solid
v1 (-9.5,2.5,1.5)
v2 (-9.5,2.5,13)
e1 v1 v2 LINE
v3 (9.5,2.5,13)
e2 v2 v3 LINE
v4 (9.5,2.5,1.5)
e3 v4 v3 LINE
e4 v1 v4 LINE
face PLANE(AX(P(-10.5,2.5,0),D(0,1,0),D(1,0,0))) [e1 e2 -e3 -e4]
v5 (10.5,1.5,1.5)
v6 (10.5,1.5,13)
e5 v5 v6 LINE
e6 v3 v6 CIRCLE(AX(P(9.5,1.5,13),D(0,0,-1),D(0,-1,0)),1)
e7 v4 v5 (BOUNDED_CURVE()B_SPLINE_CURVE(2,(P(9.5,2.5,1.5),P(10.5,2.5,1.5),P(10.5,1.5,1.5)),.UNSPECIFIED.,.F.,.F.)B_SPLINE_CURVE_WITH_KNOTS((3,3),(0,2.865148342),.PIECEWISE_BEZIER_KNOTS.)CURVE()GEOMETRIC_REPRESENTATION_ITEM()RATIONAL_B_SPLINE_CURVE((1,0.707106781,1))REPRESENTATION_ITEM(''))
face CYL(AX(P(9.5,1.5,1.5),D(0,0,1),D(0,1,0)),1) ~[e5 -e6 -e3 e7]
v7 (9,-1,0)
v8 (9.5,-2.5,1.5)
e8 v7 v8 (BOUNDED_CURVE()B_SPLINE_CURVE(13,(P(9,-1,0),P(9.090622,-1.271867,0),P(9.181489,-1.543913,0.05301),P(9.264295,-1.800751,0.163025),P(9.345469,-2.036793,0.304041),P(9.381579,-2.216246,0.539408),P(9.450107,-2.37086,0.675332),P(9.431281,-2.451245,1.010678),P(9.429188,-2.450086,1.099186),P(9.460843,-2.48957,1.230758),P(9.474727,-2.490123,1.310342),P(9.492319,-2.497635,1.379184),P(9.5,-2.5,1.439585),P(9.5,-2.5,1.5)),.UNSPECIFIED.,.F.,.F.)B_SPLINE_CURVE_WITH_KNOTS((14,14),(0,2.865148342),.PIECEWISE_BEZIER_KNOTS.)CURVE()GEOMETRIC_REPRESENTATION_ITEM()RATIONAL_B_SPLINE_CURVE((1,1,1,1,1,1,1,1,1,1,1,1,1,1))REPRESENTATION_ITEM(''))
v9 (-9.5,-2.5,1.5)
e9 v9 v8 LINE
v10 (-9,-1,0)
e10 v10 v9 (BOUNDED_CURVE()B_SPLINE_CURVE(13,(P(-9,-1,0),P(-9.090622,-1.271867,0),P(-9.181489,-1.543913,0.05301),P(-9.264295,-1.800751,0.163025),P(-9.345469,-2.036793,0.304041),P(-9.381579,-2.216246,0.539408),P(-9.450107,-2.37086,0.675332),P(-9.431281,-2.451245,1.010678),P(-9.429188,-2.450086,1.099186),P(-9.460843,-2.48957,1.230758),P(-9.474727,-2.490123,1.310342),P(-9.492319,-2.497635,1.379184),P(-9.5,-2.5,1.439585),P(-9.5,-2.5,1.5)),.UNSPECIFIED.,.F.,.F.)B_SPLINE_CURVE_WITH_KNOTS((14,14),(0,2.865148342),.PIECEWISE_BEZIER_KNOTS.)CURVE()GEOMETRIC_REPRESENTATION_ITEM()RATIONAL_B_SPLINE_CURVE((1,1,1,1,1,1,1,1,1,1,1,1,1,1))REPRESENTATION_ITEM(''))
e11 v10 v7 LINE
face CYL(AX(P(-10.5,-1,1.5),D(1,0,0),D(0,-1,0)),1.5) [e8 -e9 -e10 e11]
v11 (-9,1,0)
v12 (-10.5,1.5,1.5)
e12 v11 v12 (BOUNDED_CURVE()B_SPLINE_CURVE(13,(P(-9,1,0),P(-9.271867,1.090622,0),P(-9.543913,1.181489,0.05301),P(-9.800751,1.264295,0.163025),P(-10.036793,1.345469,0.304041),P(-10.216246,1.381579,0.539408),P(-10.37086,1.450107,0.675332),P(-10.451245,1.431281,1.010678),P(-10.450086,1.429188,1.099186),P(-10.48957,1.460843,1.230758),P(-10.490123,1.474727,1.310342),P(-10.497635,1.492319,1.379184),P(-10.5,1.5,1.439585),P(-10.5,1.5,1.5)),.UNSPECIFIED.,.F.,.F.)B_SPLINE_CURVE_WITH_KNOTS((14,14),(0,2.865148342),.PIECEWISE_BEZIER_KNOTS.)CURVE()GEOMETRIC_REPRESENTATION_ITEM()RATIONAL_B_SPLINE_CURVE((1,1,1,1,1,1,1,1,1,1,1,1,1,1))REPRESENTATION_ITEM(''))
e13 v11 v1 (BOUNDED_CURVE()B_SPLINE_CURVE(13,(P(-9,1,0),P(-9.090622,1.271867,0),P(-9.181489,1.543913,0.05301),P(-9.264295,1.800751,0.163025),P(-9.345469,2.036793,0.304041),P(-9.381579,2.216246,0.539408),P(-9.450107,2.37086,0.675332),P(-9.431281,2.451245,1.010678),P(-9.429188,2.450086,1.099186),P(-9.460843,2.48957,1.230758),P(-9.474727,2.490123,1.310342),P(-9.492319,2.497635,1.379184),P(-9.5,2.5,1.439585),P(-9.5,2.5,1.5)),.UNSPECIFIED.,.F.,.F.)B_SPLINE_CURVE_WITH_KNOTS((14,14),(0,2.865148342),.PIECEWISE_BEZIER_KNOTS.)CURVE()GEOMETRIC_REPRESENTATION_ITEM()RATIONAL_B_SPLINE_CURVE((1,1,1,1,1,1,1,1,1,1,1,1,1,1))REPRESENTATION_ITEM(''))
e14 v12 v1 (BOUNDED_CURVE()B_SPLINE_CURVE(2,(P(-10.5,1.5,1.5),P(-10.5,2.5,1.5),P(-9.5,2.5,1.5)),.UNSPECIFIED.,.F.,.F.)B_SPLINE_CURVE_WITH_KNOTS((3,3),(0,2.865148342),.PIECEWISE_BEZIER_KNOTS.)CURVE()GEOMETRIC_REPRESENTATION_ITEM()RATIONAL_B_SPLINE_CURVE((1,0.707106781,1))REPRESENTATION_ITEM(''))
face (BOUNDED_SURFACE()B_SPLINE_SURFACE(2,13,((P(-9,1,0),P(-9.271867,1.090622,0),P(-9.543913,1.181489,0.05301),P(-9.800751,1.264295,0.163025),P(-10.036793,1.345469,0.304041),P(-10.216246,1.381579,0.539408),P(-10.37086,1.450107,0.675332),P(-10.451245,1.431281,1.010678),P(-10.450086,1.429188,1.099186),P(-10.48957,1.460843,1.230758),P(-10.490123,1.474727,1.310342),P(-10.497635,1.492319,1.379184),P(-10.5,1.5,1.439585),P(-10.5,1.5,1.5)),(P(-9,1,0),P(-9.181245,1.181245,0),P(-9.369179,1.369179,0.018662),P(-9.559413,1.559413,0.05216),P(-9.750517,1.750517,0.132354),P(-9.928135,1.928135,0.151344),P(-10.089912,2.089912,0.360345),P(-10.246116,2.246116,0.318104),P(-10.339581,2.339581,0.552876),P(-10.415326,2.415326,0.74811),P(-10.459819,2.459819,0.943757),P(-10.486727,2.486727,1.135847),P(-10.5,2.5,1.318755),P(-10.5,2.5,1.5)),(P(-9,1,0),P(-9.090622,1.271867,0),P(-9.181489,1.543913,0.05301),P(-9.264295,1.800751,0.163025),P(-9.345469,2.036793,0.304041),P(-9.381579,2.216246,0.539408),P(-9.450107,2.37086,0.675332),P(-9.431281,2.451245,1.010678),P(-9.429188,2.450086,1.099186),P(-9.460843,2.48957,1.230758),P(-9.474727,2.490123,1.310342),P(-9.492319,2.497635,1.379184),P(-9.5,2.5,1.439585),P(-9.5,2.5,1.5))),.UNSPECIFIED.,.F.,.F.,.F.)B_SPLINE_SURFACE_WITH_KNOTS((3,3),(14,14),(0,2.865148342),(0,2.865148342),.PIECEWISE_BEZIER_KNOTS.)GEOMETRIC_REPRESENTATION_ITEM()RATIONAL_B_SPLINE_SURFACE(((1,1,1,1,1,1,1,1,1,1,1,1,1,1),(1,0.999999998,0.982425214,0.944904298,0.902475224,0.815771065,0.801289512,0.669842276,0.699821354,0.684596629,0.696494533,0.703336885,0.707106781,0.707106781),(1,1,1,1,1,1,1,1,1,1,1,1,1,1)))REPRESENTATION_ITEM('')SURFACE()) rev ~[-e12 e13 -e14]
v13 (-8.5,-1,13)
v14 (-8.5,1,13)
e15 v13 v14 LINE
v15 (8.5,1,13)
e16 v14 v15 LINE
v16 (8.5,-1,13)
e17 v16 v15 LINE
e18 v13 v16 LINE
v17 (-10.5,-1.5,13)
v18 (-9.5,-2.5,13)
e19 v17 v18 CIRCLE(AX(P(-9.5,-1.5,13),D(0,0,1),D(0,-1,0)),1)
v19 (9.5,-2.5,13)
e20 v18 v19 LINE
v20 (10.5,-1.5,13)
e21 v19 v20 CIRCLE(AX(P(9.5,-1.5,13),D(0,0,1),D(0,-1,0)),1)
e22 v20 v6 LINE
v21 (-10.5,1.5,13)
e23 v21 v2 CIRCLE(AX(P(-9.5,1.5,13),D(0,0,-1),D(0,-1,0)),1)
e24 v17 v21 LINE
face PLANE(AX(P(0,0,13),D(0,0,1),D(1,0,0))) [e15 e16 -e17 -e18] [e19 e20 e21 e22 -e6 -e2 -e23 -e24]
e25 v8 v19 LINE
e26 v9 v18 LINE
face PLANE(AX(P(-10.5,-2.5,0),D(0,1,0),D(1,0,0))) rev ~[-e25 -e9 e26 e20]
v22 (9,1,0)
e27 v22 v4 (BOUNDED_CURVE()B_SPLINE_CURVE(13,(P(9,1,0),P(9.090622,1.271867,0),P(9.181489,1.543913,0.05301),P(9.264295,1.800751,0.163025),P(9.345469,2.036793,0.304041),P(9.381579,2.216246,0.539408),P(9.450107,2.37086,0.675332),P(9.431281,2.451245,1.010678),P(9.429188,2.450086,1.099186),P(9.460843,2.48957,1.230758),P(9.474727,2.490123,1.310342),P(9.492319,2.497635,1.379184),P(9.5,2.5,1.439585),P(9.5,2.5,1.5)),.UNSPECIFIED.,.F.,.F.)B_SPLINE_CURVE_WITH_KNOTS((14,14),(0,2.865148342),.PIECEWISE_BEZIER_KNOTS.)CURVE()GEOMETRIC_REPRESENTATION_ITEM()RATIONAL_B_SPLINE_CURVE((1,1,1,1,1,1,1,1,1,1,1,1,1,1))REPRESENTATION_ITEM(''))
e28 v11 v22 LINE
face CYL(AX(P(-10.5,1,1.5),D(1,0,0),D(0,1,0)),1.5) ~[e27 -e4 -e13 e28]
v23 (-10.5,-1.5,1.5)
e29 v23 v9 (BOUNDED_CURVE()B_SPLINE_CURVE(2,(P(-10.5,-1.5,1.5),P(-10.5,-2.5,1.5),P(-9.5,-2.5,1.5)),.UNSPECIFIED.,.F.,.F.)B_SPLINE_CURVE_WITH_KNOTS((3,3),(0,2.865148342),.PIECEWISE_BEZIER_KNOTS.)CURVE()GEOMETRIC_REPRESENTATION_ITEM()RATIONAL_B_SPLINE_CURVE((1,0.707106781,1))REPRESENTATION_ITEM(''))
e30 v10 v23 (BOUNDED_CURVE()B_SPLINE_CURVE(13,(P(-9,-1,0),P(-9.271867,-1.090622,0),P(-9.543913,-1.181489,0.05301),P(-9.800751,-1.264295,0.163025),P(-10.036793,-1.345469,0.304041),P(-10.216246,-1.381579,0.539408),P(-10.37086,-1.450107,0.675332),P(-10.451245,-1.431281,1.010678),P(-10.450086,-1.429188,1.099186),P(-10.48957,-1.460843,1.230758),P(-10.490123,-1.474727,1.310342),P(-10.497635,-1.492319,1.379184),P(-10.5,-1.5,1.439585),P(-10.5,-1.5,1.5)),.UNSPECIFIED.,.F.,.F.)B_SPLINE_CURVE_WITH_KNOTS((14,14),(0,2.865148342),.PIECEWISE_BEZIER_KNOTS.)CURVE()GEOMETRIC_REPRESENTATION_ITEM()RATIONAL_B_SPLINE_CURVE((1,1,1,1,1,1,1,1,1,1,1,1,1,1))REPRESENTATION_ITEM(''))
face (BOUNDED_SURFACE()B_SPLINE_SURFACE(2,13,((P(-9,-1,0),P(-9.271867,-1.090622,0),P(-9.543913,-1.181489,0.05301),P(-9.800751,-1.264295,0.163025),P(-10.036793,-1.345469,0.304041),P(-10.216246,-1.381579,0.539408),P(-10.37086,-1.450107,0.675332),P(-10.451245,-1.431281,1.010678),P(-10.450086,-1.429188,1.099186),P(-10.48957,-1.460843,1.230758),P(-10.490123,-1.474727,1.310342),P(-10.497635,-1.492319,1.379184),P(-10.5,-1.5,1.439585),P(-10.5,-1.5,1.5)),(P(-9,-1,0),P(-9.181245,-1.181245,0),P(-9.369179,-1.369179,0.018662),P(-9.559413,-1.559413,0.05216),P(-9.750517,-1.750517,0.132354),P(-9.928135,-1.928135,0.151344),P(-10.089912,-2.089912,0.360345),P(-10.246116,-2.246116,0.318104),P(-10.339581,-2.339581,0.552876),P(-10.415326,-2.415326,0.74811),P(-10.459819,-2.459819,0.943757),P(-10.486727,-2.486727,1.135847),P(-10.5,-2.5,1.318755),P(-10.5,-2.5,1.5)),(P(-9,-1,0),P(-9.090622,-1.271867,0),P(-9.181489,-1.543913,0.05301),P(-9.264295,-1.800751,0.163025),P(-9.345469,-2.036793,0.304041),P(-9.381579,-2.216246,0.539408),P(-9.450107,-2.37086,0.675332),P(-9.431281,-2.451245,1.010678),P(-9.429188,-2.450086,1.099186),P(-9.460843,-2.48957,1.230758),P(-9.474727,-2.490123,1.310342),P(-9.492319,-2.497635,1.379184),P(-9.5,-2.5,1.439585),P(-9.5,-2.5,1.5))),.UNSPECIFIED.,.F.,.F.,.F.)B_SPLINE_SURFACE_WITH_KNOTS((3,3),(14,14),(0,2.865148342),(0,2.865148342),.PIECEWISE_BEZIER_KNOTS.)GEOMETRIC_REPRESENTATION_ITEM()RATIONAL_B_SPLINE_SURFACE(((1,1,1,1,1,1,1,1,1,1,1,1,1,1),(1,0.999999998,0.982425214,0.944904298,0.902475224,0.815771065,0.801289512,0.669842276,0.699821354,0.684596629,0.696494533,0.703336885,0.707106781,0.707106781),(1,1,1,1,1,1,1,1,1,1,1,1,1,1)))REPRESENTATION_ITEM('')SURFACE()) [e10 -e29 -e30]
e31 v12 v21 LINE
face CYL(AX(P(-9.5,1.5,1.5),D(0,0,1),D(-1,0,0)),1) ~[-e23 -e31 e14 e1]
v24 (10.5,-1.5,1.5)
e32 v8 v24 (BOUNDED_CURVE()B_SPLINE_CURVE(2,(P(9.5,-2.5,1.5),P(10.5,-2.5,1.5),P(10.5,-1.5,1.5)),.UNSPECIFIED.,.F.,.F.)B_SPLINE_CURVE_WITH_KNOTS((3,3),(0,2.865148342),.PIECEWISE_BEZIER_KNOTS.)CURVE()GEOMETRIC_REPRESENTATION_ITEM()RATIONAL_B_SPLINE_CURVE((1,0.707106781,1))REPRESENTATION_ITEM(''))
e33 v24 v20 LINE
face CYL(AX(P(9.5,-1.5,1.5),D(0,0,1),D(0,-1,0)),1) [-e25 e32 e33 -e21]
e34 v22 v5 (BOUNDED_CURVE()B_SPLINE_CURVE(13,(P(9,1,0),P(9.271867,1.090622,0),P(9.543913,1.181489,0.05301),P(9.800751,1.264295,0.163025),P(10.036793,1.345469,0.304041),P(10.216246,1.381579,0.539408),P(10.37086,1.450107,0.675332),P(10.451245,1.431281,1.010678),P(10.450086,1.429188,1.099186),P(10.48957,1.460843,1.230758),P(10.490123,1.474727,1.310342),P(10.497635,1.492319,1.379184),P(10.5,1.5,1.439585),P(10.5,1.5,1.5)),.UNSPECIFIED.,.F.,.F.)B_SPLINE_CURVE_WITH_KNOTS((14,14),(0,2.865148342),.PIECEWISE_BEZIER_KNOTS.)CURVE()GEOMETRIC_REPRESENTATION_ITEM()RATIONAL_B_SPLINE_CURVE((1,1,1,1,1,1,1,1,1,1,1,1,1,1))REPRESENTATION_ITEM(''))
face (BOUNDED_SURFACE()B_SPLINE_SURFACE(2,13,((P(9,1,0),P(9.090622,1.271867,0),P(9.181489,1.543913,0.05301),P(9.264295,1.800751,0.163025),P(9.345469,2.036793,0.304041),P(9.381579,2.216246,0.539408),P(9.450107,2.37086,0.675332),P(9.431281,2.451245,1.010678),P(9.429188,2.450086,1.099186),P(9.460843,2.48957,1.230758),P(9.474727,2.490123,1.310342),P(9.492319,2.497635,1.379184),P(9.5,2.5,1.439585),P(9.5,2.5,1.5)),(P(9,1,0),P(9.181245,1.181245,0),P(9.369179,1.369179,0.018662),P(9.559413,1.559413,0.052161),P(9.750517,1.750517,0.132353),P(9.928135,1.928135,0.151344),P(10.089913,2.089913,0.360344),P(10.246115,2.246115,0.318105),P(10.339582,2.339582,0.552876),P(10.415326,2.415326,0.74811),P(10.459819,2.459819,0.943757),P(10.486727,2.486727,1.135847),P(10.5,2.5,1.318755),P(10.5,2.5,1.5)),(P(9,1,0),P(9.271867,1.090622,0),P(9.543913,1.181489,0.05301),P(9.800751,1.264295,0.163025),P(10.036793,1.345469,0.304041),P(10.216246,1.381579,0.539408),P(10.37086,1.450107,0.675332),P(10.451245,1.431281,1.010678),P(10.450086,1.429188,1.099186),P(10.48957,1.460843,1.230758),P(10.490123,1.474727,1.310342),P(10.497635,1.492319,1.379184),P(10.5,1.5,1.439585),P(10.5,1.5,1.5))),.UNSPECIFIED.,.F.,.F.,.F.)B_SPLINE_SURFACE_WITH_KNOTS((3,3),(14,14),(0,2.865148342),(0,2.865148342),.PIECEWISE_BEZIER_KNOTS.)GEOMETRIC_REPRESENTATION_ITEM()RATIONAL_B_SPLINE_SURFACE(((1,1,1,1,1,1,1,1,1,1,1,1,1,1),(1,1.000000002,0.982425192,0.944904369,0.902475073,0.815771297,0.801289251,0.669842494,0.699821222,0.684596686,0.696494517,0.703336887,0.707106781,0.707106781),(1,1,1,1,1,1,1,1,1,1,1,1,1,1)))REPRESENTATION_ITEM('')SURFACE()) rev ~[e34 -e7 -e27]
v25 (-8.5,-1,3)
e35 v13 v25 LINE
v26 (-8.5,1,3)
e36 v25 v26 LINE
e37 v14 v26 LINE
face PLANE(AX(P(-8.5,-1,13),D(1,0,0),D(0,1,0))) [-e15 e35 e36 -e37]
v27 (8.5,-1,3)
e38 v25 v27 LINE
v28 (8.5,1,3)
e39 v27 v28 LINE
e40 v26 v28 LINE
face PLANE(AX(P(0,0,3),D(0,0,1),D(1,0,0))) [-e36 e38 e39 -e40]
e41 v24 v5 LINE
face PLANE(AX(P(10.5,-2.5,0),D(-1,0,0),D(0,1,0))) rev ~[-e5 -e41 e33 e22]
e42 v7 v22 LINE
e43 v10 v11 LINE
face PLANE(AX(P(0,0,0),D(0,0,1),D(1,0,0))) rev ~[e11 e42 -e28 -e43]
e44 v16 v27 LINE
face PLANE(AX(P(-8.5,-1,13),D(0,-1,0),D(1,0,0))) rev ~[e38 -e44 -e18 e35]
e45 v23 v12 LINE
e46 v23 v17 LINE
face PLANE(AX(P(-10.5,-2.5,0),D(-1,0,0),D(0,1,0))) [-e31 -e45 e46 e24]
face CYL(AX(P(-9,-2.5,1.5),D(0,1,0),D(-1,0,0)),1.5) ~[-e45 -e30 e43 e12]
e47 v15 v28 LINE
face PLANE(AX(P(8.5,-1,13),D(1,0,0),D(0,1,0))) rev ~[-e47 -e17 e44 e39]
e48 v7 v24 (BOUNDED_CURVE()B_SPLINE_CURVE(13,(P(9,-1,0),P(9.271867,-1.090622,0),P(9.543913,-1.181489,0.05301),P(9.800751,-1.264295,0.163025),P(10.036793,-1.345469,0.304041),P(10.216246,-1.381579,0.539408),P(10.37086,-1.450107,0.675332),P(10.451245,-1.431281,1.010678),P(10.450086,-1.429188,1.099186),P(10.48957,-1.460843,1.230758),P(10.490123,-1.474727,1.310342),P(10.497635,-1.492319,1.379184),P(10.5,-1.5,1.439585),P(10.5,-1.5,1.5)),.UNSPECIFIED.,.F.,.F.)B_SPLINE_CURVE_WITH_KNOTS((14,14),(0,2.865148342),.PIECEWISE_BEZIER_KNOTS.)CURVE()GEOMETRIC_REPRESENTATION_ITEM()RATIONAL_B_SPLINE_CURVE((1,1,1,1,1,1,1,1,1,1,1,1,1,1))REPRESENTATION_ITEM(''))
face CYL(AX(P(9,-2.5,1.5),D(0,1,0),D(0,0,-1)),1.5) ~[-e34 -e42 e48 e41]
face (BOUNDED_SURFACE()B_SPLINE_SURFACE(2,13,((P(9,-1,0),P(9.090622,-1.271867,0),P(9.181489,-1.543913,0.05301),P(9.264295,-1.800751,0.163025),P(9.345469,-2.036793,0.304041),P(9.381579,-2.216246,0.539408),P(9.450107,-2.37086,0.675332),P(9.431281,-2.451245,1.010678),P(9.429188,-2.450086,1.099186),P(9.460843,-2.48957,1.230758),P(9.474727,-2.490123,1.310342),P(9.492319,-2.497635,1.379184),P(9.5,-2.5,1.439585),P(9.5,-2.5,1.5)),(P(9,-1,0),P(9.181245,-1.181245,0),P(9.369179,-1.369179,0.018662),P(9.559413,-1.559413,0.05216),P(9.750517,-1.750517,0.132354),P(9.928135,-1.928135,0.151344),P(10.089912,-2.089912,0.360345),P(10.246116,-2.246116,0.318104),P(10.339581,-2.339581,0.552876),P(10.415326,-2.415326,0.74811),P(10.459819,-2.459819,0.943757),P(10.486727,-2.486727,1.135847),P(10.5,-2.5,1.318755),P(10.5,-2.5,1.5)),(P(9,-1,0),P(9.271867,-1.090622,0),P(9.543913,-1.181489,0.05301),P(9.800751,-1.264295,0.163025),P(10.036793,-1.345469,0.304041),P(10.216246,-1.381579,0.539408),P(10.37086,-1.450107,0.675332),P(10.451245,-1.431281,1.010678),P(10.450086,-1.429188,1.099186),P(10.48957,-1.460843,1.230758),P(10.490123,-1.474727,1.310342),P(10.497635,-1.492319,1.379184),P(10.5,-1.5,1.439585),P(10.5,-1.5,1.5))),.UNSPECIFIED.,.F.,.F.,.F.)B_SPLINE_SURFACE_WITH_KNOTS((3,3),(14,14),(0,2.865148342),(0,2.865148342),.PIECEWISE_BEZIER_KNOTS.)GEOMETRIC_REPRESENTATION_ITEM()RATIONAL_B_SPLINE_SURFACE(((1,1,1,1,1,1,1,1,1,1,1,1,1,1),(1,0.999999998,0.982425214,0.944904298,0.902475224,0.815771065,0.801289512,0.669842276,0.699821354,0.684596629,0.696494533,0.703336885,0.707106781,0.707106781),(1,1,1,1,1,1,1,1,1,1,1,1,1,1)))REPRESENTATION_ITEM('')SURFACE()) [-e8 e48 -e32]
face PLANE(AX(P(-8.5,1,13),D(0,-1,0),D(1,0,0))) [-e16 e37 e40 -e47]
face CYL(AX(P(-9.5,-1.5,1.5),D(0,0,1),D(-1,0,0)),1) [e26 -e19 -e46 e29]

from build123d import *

# Parameters (mm, degrees)
SKETCH_W     = 21
SKETCH_H     = 5
PAD_DEPTH    = 13
SKETCH001_W  = 17
SKETCH001_H  = 2
POCKET_DEPTH = 10
FILLET_R     = 1.5
FILLET001_R  = 1


with BuildPart() as part:
    # Sketch → Pad (new body)
    with BuildSketch(Plane.XY):
        Rectangle(SKETCH_W, SKETCH_H)
    extrude(amount=PAD_DEPTH)

    # Sketch001 (on Face6 of Pad) → Pocket (cut)
    with BuildSketch(Plane.XY.offset(13)):
        Rectangle(SKETCH001_W, SKETCH001_H)
    extrude(amount=-POCKET_DEPTH, mode=Mode.SUBTRACT)

    # Fillet
    fillet_edges = [part.edges().sort_by_distance(p)[0] for p in [
        (0, 2.5, 0),
        (0, -2.5, 0),
        (10.5, 0, 0),
        (-10.5, 0, 0),
    ]]
    fillet(fillet_edges, radius=FILLET_R)

    # Fillet001
    fillet001_edges = [part.edges().sort_by_distance(p)[0] for p in [
        (-10.5, 2.5, 7.25),
        (-10.5, -2.5, 7.25),
        (10.5, 2.5, 7.25),
        (10.5, -2.5, 7.25),
    ]]
    fillet(fillet001_edges, radius=FILLET001_R)


solid = part.part
